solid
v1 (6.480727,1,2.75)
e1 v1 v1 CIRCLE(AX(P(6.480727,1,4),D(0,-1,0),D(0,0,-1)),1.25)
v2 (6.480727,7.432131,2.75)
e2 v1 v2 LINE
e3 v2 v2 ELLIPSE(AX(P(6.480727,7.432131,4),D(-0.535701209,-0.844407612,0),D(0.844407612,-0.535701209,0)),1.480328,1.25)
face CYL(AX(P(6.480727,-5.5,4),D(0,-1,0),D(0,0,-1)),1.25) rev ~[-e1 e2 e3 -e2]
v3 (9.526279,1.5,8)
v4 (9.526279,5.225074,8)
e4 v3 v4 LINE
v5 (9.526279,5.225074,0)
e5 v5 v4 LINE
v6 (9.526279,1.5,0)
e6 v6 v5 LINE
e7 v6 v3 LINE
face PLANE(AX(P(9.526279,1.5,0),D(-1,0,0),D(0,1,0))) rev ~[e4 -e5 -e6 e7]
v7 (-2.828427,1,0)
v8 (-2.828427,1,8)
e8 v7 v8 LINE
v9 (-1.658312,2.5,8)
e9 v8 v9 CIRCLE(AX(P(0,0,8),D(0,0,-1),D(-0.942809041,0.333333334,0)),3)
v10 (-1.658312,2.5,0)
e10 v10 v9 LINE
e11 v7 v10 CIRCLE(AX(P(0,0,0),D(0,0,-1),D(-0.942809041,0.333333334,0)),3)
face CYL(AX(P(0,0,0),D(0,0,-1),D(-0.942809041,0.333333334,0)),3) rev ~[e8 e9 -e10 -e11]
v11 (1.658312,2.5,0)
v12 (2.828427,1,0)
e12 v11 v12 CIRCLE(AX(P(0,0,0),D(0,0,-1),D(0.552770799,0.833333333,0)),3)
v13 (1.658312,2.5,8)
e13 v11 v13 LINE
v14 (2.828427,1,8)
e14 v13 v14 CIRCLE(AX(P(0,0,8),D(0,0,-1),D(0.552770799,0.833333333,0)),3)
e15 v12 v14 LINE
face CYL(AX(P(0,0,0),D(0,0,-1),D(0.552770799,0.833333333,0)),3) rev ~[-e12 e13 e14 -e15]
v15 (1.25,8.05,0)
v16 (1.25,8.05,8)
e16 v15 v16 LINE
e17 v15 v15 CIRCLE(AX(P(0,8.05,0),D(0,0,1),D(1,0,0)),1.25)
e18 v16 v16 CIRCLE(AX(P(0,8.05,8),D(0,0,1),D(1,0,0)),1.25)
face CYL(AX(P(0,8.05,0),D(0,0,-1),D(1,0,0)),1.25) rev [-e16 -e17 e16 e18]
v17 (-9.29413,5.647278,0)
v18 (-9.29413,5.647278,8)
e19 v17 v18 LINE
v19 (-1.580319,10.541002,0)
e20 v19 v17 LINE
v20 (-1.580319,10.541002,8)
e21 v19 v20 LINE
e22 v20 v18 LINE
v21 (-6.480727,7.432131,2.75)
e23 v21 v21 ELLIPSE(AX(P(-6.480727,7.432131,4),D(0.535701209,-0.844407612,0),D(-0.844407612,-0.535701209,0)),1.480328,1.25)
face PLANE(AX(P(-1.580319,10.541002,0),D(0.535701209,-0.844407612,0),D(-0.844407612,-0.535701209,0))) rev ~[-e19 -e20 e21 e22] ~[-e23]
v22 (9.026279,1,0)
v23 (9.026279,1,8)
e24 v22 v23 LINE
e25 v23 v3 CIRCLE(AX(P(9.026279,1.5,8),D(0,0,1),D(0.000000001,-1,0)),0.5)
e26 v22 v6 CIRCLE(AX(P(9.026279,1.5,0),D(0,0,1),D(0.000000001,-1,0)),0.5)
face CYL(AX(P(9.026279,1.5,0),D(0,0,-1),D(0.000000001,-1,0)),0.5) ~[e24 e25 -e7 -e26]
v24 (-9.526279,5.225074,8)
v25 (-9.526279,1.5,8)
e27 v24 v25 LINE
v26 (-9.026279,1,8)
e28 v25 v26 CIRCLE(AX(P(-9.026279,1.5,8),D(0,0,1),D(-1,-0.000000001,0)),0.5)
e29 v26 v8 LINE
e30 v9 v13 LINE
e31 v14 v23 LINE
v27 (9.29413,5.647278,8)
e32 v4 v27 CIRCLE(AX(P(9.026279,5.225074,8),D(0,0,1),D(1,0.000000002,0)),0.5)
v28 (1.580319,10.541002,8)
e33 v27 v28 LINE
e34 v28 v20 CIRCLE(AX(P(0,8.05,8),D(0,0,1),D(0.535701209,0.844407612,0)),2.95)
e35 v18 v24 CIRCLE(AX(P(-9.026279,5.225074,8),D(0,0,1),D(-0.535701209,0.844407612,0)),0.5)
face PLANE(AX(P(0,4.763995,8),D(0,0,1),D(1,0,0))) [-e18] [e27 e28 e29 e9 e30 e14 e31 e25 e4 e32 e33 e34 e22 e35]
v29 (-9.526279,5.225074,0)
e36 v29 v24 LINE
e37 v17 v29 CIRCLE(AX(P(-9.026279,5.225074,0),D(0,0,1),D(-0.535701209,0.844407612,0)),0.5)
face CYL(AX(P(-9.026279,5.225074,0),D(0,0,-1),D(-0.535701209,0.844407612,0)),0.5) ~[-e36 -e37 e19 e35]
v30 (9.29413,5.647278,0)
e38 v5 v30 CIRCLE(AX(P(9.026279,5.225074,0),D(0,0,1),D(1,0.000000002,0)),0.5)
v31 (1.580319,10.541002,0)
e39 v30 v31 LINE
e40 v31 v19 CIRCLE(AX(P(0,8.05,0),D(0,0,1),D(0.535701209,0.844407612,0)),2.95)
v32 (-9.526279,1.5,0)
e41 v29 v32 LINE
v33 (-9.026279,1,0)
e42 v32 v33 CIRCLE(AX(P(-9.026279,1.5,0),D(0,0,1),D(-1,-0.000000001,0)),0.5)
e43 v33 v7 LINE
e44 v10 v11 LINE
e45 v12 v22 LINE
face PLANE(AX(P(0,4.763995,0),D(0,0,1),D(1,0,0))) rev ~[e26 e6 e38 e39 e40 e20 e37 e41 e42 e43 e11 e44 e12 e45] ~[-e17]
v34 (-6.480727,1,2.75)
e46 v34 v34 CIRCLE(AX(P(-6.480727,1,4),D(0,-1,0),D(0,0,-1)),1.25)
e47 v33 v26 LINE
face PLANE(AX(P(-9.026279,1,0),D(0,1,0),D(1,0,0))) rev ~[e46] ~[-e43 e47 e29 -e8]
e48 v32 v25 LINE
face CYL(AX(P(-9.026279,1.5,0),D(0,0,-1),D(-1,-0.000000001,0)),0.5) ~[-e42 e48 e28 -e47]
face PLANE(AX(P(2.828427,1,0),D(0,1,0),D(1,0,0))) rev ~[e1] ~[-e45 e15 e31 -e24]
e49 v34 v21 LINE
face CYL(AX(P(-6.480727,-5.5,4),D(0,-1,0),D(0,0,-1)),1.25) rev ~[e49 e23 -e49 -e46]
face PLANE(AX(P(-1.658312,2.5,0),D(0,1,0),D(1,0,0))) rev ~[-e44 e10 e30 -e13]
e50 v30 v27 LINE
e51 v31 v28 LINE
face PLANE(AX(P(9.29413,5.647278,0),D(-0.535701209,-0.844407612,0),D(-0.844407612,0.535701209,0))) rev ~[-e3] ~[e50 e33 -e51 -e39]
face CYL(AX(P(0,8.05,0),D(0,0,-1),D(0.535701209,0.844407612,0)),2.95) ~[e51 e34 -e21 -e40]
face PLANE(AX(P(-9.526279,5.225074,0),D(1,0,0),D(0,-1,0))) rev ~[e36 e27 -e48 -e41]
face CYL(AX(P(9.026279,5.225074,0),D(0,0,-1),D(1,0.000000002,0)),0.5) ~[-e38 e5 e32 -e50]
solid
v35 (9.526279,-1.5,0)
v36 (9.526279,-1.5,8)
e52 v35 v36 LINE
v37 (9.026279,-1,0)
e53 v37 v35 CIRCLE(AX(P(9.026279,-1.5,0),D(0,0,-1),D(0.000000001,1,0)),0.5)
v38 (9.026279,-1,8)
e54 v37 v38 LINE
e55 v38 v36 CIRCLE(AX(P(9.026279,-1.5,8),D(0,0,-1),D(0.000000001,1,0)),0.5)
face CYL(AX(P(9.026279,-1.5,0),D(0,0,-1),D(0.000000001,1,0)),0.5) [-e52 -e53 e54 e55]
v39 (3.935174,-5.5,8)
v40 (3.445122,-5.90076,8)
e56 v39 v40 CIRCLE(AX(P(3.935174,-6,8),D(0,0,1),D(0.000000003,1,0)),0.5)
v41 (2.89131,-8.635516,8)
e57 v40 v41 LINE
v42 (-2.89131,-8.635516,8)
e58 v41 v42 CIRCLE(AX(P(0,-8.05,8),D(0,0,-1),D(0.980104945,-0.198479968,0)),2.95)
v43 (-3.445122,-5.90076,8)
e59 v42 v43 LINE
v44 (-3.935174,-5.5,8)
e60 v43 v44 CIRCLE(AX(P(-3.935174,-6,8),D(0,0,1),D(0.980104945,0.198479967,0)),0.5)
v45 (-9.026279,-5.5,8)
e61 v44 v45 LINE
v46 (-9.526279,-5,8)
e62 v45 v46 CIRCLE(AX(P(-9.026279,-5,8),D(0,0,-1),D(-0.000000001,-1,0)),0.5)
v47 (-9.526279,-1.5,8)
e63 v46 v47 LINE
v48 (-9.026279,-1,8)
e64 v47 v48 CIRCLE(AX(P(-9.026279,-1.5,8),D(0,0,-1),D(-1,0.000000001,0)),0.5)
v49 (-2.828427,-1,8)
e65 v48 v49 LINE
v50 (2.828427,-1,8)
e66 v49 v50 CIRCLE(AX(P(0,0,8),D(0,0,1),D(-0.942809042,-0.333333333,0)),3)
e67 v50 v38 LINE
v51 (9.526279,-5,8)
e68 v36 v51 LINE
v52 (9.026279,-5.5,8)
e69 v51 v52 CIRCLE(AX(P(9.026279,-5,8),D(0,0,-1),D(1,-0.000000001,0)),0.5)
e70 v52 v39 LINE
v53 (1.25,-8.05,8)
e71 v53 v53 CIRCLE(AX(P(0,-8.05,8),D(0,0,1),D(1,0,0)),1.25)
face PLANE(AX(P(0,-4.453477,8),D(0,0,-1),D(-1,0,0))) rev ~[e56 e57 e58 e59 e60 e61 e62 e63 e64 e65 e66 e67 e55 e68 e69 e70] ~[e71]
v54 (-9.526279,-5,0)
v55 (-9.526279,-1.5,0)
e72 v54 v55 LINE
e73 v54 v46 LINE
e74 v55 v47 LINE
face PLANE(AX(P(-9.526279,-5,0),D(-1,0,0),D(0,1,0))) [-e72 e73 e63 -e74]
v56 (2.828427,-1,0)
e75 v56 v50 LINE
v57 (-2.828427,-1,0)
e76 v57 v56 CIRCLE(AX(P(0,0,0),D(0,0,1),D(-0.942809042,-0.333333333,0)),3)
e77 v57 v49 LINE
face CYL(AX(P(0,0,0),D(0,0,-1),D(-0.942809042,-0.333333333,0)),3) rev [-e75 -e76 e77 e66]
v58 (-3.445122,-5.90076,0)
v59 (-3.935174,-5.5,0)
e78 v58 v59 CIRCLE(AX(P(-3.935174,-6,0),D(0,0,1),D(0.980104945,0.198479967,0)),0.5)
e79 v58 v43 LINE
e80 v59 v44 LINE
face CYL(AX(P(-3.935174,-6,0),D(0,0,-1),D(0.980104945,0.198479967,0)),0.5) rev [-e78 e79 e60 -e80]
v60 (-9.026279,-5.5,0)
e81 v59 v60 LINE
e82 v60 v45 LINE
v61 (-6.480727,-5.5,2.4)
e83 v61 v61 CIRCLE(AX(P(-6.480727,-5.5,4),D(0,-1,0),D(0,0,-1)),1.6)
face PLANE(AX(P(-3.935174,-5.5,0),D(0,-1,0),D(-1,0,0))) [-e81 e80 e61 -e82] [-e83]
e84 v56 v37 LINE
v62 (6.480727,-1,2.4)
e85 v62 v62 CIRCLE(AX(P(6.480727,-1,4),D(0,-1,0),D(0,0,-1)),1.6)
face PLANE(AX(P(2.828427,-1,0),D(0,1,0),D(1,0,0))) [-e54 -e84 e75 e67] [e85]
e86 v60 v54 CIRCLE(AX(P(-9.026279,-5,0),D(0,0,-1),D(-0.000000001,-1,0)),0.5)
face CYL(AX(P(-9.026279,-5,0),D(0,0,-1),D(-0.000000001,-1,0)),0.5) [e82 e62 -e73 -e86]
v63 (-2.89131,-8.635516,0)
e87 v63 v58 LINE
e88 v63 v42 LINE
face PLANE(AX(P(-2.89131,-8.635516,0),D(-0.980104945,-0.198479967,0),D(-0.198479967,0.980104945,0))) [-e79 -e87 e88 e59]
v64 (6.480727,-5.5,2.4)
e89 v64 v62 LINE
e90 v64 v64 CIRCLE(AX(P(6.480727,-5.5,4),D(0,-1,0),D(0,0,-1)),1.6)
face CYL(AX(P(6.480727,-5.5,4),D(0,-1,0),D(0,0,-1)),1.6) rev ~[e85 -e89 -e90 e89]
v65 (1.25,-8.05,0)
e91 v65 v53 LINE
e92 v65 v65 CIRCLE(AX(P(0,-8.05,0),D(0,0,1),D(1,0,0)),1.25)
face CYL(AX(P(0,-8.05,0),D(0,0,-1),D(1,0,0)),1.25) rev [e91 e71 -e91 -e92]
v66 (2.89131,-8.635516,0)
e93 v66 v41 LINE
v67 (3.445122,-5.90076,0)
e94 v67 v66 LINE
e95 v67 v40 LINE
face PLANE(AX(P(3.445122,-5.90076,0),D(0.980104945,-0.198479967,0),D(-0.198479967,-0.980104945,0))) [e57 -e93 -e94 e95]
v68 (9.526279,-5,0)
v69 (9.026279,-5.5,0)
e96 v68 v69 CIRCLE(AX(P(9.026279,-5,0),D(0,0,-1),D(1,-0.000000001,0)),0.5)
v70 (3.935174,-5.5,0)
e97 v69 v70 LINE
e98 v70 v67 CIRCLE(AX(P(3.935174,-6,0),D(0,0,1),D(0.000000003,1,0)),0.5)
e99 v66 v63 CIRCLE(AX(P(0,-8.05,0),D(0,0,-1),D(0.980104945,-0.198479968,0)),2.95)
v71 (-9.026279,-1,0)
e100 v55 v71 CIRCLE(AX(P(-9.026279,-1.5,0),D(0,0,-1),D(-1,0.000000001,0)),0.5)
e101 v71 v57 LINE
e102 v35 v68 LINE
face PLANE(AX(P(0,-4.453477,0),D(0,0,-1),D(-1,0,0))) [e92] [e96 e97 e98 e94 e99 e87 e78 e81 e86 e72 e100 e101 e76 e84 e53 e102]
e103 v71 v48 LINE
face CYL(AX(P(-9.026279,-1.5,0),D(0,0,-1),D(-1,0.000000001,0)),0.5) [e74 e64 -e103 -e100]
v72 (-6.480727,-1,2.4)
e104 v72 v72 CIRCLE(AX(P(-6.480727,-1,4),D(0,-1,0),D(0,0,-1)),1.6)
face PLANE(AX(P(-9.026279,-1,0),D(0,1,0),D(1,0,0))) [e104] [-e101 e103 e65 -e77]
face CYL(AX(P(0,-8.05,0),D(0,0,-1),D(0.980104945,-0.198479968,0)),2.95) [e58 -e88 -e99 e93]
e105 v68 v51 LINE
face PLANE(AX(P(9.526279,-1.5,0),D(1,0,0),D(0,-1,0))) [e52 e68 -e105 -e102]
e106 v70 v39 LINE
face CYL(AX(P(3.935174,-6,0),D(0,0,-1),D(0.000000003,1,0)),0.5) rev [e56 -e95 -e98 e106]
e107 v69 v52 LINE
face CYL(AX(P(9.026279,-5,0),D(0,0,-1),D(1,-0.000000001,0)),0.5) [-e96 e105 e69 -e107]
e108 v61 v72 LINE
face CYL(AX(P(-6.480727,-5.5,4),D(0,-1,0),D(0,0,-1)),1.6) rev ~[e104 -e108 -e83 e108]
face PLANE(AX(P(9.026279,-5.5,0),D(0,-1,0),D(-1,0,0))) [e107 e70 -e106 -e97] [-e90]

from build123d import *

# Parameters (mm, degrees)
SKETCH_1_R          = 1.25
EXTRUDE_1_DEPTH     = 8
EXTRUDE_1_2_DEPTH   = 8
SKETCH_2_R          = 1.25
CUT_EXTRUDE_1_DEPTH = 21.66397832
SKETCH_3_R          = 1.6
CUT_EXTRUDE_2_DEPTH = 4.5


with BuildPart() as part:
    # 草图1 → 凸台-拉伸1 (new body)
    with BuildSketch(Plane.XY):
        with BuildLine():
            Line((-1.658312395, 2.5), (1.658312395, 2.5))
            ThreePointArc((1.658312395, 2.5), (2.365419176, 1.84520788), (2.828427125, 1))
            Line((2.828427125, 1), (9.026279442, 1))
            ThreePointArc((9.026279442, 1), (9.379832832, 1.146446609), (9.526279442, 1.5))
            Line((9.526279442, 1.5), (9.526279442, 5.22507425))
            ThreePointArc((9.526279442, 5.22507425), (9.464414867, 5.465983671), (9.294130046, 5.647278056))
            Line((9.294130046, 5.647278056), (1.580318565, 10.541002455))
            ThreePointArc((1.580318565, 10.541002455), (0, 11), (-1.580318565, 10.541002455))
            Line((-1.580318565, 10.541002455), (-9.294130046, 5.647278056))
            ThreePointArc((-9.294130046, 5.647278056), (-9.464414867, 5.465983671), (-9.526279442, 5.22507425))
            Line((-9.526279442, 5.22507425), (-9.526279442, 1.5))
            ThreePointArc((-9.526279442, 1.5), (-9.379832832, 1.146446609), (-9.026279442, 1))
            Line((-9.026279442, 1), (-2.828427125, 1))
            ThreePointArc((-2.828427125, 1), (-2.365419176, 1.84520788), (-1.658312395, 2.5))
        make_face()
        with Locations((0, 8.05)):
            Circle(SKETCH_1_R, mode=Mode.SUBTRACT)
    extrude(amount=EXTRUDE_1_DEPTH)


with BuildPart() as body_2:
    # 草图1 → Extrude 1 2 (new body)
    with BuildSketch(Plane.XY):
        with BuildLine():
            Line((-9.026279442, -1), (-2.828427125, -1))
            ThreePointArc((-2.828427125, -1), (0, -3), (2.828427125, -1))
            Line((2.828427125, -1), (9.026279442, -1))
            ThreePointArc((9.026279442, -1), (9.379832832, -1.146446609), (9.526279442, -1.5))
            Line((9.526279442, -1.5), (9.526279442, -5))
            ThreePointArc((9.526279442, -5), (9.379832832, -5.353553391), (9.026279442, -5.5))
            Line((9.026279442, -5.5), (3.935174447, -5.5))
            ThreePointArc((3.935174447, -5.5), (3.6186464, -5.612947037), (3.445121974, -5.900760016))
            Line((3.445121974, -5.900760016), (2.891309587, -8.635515904))
            ThreePointArc((2.891309587, -8.635515904), (0, -11), (-2.891309587, -8.635515904))
            Line((-2.891309587, -8.635515904), (-3.445121974, -5.900760016))
            ThreePointArc((-3.445121974, -5.900760016), (-3.6186464, -5.612947037), (-3.935174447, -5.5))
            Line((-3.935174447, -5.5), (-9.026279442, -5.5))
            ThreePointArc((-9.026279442, -5.5), (-9.379832832, -5.353553391), (-9.526279442, -5))
            Line((-9.526279442, -5), (-9.526279442, -1.5))
            ThreePointArc((-9.526279442, -1.5), (-9.379832832, -1.146446609), (-9.026279442, -1))
        make_face()
        with Locations((0, -8.05)):
            Circle(SKETCH_1_R, mode=Mode.SUBTRACT)
    extrude(amount=EXTRUDE_1_2_DEPTH)


with BuildPart() as cut_extrude_1_tool:
    # 草图2 → 切除-拉伸1 (new, through all)
    with BuildSketch(Plane.XZ.offset(5.5)):
        with Locations(Location((6.480726944, 4, 0), (0, 0, 270))):
            Circle(SKETCH_2_R)
        with Locations(Location((-6.480726944, 4, 0), (0, 0, 270))):
            Circle(SKETCH_2_R)
    extrude(amount=-CUT_EXTRUDE_1_DEPTH)


with BuildPart() as part_1:
    add(part.part)

    # 切除-拉伸1: cut by cut_extrude_1_tool
    add(cut_extrude_1_tool.part, mode=Mode.SUBTRACT)


with BuildPart() as body_2_1:
    add(body_2.part)

    # 切除-拉伸1: cut by cut_extrude_1_tool
    add(cut_extrude_1_tool.part, mode=Mode.SUBTRACT)

    # 草图3 → 切除-拉伸2 (cut)
    with BuildSketch(Plane.XZ.offset(5.5)):
        with Locations(Location((-6.480726944, 4, 0), (0, 0, 270))):
            Circle(SKETCH_3_R)
        with Locations(Location((6.480726944, 4, 0), (0, 0, 270))):
            Circle(SKETCH_3_R)
    extrude(amount=-CUT_EXTRUDE_2_DEPTH, mode=Mode.SUBTRACT)


solid = Compound([part_1.part, body_2_1.part])
